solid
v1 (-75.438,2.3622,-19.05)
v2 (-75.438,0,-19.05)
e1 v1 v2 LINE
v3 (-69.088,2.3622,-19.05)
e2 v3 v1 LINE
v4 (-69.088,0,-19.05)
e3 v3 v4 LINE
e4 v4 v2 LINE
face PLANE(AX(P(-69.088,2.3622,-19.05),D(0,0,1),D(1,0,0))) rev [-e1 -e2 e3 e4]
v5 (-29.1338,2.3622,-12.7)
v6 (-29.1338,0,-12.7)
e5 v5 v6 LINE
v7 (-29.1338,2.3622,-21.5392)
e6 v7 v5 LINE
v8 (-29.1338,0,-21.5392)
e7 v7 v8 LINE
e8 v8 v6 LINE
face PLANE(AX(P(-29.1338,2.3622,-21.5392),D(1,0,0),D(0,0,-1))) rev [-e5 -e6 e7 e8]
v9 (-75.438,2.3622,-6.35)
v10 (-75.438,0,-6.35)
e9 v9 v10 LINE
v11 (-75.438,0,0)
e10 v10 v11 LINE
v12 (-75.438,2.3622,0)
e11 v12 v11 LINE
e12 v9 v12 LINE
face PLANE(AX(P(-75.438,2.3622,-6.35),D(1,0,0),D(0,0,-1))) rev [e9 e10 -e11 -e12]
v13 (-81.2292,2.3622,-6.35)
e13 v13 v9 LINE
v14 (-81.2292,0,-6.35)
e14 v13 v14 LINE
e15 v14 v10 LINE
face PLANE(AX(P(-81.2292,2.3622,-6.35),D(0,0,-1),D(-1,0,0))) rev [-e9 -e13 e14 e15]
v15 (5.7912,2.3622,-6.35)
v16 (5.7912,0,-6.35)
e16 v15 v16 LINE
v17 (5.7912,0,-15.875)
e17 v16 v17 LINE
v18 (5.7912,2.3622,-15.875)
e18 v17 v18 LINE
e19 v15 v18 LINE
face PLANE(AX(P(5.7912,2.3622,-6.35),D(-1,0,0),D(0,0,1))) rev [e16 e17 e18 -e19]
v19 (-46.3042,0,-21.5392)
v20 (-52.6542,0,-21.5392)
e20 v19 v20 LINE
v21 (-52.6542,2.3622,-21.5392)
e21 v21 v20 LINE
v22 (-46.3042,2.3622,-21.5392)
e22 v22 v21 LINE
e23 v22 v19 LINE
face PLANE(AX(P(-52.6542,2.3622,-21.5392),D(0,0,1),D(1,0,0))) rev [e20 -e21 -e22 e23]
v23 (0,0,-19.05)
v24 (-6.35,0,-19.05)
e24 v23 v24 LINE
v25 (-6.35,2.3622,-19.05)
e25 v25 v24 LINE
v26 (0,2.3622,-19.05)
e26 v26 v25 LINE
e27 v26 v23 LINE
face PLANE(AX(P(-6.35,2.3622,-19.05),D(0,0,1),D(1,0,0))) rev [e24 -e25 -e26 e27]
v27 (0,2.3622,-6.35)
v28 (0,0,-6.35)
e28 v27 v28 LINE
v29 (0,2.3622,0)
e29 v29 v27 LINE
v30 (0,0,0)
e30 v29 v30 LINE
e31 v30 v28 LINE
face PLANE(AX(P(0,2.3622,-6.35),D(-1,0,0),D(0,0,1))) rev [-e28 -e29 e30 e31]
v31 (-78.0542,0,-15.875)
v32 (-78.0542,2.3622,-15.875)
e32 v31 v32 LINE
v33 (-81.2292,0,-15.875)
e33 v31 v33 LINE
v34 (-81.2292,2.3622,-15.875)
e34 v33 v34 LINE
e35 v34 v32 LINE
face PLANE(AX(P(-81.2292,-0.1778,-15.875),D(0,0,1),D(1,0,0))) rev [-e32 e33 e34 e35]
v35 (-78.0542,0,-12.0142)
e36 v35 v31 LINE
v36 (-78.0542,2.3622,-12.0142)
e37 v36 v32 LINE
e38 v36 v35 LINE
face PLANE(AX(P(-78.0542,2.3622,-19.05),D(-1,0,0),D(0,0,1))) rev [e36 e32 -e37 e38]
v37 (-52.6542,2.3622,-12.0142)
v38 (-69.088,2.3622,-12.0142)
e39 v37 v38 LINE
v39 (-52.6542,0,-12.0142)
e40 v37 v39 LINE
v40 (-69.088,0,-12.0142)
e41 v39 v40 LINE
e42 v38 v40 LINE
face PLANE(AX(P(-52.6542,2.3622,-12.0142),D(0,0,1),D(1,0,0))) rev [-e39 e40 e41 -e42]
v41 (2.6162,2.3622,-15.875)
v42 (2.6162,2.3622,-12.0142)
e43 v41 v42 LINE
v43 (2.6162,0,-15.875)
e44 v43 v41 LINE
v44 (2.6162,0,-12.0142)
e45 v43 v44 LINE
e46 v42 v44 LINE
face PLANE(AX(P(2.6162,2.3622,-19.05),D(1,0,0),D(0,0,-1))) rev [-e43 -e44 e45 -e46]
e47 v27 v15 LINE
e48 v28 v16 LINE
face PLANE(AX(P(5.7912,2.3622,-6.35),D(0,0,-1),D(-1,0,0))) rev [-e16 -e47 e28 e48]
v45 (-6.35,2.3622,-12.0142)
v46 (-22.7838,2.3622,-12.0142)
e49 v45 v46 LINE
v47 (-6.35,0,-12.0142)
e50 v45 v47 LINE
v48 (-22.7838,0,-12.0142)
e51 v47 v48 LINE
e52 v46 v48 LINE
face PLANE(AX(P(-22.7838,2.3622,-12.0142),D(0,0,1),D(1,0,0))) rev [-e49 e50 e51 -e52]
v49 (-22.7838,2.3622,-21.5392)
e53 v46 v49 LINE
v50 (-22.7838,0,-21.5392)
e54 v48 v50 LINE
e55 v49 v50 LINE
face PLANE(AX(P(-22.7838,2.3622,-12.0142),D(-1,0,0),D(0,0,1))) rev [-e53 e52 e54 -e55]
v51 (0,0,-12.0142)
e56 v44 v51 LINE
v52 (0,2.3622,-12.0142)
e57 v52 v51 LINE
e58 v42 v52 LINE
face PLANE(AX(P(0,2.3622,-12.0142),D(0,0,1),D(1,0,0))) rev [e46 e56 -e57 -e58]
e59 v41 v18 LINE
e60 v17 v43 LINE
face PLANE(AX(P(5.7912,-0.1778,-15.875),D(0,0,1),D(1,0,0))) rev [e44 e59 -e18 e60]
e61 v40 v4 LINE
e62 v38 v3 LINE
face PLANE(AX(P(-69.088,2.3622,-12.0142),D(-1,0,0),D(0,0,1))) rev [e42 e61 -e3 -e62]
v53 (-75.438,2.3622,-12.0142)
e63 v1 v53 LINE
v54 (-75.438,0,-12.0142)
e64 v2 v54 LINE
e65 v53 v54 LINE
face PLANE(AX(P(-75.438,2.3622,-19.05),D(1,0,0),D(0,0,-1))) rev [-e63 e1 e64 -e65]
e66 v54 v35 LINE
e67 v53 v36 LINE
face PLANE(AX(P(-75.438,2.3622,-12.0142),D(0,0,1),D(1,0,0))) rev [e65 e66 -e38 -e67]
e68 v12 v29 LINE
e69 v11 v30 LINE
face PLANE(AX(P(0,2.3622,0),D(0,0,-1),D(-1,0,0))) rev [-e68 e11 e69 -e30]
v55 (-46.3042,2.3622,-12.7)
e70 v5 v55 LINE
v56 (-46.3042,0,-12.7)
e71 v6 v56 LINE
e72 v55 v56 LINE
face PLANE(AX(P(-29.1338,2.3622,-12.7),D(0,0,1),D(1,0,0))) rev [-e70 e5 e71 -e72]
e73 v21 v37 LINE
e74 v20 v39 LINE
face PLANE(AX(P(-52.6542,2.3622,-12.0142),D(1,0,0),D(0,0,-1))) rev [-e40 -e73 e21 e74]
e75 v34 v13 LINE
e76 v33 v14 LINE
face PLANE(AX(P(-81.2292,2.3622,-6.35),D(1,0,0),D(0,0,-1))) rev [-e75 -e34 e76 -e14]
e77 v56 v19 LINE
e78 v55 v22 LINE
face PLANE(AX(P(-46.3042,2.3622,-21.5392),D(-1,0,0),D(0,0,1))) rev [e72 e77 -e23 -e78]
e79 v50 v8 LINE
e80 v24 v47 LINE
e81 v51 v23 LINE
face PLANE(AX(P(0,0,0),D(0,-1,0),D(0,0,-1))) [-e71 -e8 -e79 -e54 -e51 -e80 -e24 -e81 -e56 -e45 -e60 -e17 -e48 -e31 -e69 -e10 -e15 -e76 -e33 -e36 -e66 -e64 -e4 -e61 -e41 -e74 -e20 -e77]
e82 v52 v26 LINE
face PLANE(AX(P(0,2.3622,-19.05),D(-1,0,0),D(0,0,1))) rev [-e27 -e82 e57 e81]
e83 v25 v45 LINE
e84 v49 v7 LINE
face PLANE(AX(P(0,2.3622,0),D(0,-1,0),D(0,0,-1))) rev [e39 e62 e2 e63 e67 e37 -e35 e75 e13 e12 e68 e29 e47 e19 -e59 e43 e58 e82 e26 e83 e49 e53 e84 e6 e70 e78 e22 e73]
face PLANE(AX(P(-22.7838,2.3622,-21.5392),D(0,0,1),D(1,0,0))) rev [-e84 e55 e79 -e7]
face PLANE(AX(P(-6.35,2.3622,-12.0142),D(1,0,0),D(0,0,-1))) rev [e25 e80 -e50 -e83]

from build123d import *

# Parameters (mm, degrees)
BOSS_EXTRUDE1_DEPTH = 2.3622
SKETCH2_W           = 3.175
SKETCH2_H           = 3.175
CUT_EXTRUDE1_DEPTH  = 2.54


with BuildPart() as part:
    # Sketch1 → Boss-Extrude1 (new body)
    with BuildSketch(Plane(origin=(0, 0, 0), x_dir=(1, 0, 0), z_dir=(0, 1, 0))):
        Polygon((5.7912, 6.35), (5.7912, 19.05), (2.6162, 19.05), (2.6162, 12.0142), (0, 12.0142), (0, 19.05), (-6.35, 19.05), (-6.35, 12.0142), (-22.7838, 12.0142), (-22.7838, 21.5392), (-29.1338, 21.5392), (-29.1338, 12.7), (-46.3042, 12.7), (-46.3042, 21.5392), (-52.6542, 21.5392), (-52.6542, 12.0142), (-69.088, 12.0142), (-69.088, 19.05), (-75.438, 19.05), (-75.438, 12.0142), (-78.0542, 12.0142), (-78.0542, 19.05), (-81.2292, 19.05), (-81.2292, 6.35), (-75.438, 6.35), (-75.438, 0), (0, 0), (0, 6.35), align=None)
    extrude(amount=BOSS_EXTRUDE1_DEPTH)

    # Sketch2 → Cut-Extrude1 (cut)
    with BuildSketch(Plane(origin=(0, 2.3622, 0), x_dir=(1, 0, 0), z_dir=(0, 1, 0))):
        with Locations((4.2037, 17.4625)):
            Rectangle(SKETCH2_W, SKETCH2_H)
        with Locations((-79.6417, 17.4625)):
            Rectangle(SKETCH2_W, SKETCH2_H)
    extrude(amount=-CUT_EXTRUDE1_DEPTH, mode=Mode.SUBTRACT)


solid = part.part
